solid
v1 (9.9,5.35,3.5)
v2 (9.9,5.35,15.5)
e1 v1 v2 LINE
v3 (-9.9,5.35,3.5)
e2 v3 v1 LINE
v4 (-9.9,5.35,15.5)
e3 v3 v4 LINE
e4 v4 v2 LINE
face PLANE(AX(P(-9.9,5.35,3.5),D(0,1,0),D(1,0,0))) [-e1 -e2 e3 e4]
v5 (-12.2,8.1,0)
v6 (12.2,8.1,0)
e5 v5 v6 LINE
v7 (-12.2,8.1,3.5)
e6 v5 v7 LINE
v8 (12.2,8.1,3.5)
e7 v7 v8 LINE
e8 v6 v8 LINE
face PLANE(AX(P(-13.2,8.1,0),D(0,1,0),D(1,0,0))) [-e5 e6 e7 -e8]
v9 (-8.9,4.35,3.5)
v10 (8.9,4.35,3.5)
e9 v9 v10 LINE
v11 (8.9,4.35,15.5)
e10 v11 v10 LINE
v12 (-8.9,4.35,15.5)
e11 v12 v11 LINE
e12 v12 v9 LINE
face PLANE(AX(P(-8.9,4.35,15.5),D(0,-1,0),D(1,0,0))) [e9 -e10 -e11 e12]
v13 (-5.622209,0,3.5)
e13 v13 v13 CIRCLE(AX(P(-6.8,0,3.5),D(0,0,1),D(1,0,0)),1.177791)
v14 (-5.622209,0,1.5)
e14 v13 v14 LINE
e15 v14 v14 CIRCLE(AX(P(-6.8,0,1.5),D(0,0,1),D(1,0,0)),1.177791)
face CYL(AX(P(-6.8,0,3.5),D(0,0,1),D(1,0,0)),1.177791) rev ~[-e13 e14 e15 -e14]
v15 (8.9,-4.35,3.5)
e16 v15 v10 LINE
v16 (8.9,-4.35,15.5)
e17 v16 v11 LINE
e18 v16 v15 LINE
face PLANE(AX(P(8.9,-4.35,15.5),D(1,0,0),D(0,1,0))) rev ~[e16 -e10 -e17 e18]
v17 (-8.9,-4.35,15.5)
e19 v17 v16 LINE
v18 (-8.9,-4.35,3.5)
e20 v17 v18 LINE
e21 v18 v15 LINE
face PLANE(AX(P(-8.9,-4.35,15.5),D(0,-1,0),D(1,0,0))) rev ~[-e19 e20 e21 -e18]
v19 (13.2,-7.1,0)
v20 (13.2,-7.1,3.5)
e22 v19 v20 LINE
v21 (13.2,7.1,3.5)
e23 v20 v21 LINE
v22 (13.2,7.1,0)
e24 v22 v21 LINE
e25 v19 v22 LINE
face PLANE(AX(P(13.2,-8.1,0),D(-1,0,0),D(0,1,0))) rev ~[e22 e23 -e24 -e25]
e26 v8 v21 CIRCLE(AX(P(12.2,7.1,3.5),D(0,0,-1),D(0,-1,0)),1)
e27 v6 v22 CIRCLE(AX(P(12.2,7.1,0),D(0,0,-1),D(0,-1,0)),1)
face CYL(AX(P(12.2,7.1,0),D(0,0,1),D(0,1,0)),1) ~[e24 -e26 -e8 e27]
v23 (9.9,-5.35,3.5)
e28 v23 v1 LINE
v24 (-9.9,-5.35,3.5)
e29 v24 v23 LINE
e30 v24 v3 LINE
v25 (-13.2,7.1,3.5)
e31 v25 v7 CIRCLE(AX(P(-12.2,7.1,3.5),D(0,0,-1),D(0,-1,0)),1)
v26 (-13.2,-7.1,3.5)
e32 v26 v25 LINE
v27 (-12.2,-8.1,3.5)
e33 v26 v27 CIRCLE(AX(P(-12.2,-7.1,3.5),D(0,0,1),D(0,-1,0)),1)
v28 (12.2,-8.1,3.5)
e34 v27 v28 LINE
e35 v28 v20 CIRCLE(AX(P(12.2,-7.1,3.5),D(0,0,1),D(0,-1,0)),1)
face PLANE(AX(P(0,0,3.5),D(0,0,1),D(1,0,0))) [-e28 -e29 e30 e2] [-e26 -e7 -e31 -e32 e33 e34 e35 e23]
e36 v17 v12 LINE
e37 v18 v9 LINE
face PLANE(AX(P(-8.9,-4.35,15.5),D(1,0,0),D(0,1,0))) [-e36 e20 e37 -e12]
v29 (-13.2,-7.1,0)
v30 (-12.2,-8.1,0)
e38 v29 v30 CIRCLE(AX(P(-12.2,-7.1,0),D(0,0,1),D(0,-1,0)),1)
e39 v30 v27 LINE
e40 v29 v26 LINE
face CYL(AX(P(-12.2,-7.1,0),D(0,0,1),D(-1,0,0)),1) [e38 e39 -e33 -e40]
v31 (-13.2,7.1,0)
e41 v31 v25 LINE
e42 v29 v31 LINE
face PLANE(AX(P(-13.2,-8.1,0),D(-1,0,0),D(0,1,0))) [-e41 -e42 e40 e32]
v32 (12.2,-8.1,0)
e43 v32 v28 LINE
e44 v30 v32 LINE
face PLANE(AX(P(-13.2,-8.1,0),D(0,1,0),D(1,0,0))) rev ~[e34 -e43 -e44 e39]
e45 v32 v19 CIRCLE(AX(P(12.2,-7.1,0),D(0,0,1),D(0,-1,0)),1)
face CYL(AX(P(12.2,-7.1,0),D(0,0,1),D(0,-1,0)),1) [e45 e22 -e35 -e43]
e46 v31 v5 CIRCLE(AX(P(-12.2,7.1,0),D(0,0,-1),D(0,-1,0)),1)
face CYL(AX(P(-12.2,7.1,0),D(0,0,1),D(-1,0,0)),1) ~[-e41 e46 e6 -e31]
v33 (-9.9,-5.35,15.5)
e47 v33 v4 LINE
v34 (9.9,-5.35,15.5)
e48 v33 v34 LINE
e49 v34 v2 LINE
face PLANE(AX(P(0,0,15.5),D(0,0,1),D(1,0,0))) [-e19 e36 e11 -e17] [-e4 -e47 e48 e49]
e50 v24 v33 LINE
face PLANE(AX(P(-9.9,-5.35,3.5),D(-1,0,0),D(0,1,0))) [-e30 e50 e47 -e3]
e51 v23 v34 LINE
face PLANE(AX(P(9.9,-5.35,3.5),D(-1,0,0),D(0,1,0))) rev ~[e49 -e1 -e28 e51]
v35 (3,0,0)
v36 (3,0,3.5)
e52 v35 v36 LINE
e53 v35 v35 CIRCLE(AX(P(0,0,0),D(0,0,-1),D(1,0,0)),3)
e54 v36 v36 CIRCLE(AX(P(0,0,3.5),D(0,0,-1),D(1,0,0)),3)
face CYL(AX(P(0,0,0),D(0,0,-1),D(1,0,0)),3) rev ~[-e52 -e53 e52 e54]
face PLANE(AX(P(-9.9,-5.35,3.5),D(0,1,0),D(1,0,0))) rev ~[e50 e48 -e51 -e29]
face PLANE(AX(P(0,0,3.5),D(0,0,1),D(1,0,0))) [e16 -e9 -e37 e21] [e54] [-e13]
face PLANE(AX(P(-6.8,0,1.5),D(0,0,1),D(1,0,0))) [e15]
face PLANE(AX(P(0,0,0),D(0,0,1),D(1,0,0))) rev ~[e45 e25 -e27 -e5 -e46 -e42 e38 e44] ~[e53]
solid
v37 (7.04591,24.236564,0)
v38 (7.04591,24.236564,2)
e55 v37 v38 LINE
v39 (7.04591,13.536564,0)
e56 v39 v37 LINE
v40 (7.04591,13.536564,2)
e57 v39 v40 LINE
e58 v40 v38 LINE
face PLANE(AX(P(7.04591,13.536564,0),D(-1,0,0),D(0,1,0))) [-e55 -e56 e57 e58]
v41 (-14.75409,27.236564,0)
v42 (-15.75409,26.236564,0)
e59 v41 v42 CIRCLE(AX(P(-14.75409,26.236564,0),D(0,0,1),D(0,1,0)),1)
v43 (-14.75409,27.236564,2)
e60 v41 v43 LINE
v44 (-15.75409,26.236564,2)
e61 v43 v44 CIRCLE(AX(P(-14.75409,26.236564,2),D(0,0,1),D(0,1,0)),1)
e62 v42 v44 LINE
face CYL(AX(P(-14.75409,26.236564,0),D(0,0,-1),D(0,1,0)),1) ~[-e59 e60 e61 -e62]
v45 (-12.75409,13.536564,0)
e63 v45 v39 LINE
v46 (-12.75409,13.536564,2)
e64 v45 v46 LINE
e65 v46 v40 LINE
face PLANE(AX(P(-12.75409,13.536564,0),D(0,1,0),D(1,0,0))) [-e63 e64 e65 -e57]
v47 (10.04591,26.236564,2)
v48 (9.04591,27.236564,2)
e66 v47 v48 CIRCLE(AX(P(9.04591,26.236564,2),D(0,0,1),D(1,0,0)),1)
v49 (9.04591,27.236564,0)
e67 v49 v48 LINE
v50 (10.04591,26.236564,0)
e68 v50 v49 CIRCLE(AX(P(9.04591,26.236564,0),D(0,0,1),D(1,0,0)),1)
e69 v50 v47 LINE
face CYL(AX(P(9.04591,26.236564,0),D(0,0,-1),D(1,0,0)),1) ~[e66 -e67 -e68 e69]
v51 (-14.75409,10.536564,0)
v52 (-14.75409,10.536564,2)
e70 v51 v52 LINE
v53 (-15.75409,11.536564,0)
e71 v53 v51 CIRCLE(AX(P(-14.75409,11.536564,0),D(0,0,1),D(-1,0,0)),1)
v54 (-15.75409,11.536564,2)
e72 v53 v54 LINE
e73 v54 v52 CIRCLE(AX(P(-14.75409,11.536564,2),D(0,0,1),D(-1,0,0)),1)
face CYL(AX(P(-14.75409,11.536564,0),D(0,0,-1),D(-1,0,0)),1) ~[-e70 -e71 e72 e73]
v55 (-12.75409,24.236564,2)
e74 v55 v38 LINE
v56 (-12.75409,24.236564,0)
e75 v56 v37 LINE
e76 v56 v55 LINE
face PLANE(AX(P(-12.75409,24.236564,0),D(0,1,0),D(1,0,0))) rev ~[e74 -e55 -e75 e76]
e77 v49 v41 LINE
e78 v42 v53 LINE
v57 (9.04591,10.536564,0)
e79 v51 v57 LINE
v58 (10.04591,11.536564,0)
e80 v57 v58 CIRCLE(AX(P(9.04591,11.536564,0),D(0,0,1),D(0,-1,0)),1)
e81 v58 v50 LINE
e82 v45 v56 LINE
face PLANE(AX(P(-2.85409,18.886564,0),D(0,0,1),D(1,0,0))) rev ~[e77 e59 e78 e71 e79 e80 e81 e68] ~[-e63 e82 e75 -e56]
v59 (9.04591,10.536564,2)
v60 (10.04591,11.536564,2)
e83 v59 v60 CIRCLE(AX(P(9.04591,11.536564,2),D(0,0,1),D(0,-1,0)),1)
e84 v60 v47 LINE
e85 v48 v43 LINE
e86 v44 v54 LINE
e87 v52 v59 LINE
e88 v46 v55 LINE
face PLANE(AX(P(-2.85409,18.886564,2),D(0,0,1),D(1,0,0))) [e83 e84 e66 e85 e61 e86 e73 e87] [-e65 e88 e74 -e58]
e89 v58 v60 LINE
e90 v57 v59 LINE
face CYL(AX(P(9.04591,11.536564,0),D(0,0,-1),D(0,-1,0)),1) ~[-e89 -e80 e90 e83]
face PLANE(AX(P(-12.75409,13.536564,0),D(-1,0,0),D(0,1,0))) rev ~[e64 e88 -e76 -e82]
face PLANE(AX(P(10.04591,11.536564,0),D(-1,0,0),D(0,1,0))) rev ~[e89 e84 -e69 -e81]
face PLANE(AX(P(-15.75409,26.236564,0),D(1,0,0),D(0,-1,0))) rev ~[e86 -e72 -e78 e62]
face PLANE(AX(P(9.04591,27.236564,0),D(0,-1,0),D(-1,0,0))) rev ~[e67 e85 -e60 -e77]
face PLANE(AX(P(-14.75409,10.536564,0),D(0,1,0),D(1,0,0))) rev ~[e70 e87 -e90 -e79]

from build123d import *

# Parameters (mm, degrees)
F0_W       = 26.4
F0_H       = 16.2
F1_DEPTH   = 3.5
F2_W       = 19.8
F2_H       = 10.7
F3_DEPTH   = 12
F4_W       = 17.8
F4_H       = 8.7
F5_DEPTH   = 12
F6_R       = 3
F7_DEPTH   = 25
F8_R       = 1
F1_FACE1_R = 3
F9_R       = 1.1777908887
F10_DEPTH  = 2
F11_W      = 19.8
F11_H      = 10.7
F12_DEPTH  = 2


with BuildPart() as f1:
    # F0 (on Top) → F1 (new body)
    with BuildSketch(Plane.XY):
        Rectangle(F0_W, F0_H)
    extrude(amount=F1_DEPTH)

    # F2 (on face) → F3 (join)
    with BuildSketch(Plane.XY.offset(3.5)):
        Rectangle(F2_W, F2_H)
    extrude(amount=F3_DEPTH)

    # F4 (on face) → F5 (cut)
    with BuildSketch(Plane.XY.offset(15.5)):
        Rectangle(F4_W, F4_H)
    extrude(amount=-F5_DEPTH, mode=Mode.SUBTRACT)

    # F6 (on face) → F7 (cut)
    with BuildSketch(Plane(origin=(0, 0, 0), x_dir=(1, 0, 0), z_dir=(0, 0, -1))):
        Circle(F6_R)
    extrude(amount=-F7_DEPTH, mode=Mode.SUBTRACT)

    # F8
    f8_edges = [f1.edges().sort_by_distance(p)[0] for p in [
        (13.2, 8.1, 1.75),
        (13.2, -8.1, 1.75),
        (-13.2, 8.1, 1.75),
        (-13.2, -8.1, 1.75),
    ]]
    fillet(f8_edges, radius=F8_R)

    # F1_face1 (on face) + F9 (on face) → F10 (cut)
    with BuildSketch(Plane(origin=(0, 0, 0), x_dir=(1, 0, 0), z_dir=(0, 0, -1))):
        with BuildLine():
            Line((-12.2, -8.1), (12.2, -8.1))
            ThreePointArc((12.2, -8.1), (12.9071067812, -7.8071067812), (13.2, -7.1))
            Line((13.2, -7.1), (13.2, 7.1))
            ThreePointArc((13.2, 7.1), (12.9071067812, 7.8071067812), (12.2, 8.1))
            Line((12.2, 8.1), (-12.2, 8.1))
            ThreePointArc((-12.2, 8.1), (-12.9071067812, 7.8071067812), (-13.2, 7.1))
            Line((-13.2, 7.1), (-13.2, -7.1))
            ThreePointArc((-13.2, -7.1), (-12.9071067812, -7.8071067812), (-12.2, -8.1))
        make_face()
        Circle(F1_FACE1_R, mode=Mode.SUBTRACT)
    with BuildSketch(Plane.XY.offset(3.5)):
        with Locations((-6.8, 0)):
            Circle(F9_R)
    extrude(amount=F10_DEPTH, dir=(0, 0, -1), mode=Mode.SUBTRACT)


with BuildPart() as f12:
    # F11 (on Top) → F12 (new body)
    with BuildSketch(Plane.XY):
        with BuildLine():
            Line((9.0459102817, 27.2365642995), (-14.7540897183, 27.2365642995))
            ThreePointArc((-14.7540897183, 27.2365642995), (-15.4611964995, 26.9436710807), (-15.7540897183, 26.2365642995))
            Line((-15.7540897183, 26.2365642995), (-15.7540897183, 11.5365642995))
            ThreePointArc((-15.7540897183, 11.5365642995), (-15.4611964995, 10.8294575183), (-14.7540897183, 10.5365642995))
            Line((-14.7540897183, 10.5365642995), (9.0459102817, 10.5365642995))
            ThreePointArc((9.0459102817, 10.5365642995), (9.7530170629, 10.8294575183), (10.0459102817, 11.5365642995))
            Line((10.0459102817, 11.5365642995), (10.0459102817, 26.2365642995))
            ThreePointArc((10.0459102817, 26.2365642995), (9.7530170629, 26.9436710807), (9.0459102817, 27.2365642995))
        make_face()
        with Locations((-2.8540897183, 18.8865642995)):
            Rectangle(F11_W, F11_H, mode=Mode.SUBTRACT)
    extrude(amount=F12_DEPTH)


solid = Compound([f1.part, f12.part])
